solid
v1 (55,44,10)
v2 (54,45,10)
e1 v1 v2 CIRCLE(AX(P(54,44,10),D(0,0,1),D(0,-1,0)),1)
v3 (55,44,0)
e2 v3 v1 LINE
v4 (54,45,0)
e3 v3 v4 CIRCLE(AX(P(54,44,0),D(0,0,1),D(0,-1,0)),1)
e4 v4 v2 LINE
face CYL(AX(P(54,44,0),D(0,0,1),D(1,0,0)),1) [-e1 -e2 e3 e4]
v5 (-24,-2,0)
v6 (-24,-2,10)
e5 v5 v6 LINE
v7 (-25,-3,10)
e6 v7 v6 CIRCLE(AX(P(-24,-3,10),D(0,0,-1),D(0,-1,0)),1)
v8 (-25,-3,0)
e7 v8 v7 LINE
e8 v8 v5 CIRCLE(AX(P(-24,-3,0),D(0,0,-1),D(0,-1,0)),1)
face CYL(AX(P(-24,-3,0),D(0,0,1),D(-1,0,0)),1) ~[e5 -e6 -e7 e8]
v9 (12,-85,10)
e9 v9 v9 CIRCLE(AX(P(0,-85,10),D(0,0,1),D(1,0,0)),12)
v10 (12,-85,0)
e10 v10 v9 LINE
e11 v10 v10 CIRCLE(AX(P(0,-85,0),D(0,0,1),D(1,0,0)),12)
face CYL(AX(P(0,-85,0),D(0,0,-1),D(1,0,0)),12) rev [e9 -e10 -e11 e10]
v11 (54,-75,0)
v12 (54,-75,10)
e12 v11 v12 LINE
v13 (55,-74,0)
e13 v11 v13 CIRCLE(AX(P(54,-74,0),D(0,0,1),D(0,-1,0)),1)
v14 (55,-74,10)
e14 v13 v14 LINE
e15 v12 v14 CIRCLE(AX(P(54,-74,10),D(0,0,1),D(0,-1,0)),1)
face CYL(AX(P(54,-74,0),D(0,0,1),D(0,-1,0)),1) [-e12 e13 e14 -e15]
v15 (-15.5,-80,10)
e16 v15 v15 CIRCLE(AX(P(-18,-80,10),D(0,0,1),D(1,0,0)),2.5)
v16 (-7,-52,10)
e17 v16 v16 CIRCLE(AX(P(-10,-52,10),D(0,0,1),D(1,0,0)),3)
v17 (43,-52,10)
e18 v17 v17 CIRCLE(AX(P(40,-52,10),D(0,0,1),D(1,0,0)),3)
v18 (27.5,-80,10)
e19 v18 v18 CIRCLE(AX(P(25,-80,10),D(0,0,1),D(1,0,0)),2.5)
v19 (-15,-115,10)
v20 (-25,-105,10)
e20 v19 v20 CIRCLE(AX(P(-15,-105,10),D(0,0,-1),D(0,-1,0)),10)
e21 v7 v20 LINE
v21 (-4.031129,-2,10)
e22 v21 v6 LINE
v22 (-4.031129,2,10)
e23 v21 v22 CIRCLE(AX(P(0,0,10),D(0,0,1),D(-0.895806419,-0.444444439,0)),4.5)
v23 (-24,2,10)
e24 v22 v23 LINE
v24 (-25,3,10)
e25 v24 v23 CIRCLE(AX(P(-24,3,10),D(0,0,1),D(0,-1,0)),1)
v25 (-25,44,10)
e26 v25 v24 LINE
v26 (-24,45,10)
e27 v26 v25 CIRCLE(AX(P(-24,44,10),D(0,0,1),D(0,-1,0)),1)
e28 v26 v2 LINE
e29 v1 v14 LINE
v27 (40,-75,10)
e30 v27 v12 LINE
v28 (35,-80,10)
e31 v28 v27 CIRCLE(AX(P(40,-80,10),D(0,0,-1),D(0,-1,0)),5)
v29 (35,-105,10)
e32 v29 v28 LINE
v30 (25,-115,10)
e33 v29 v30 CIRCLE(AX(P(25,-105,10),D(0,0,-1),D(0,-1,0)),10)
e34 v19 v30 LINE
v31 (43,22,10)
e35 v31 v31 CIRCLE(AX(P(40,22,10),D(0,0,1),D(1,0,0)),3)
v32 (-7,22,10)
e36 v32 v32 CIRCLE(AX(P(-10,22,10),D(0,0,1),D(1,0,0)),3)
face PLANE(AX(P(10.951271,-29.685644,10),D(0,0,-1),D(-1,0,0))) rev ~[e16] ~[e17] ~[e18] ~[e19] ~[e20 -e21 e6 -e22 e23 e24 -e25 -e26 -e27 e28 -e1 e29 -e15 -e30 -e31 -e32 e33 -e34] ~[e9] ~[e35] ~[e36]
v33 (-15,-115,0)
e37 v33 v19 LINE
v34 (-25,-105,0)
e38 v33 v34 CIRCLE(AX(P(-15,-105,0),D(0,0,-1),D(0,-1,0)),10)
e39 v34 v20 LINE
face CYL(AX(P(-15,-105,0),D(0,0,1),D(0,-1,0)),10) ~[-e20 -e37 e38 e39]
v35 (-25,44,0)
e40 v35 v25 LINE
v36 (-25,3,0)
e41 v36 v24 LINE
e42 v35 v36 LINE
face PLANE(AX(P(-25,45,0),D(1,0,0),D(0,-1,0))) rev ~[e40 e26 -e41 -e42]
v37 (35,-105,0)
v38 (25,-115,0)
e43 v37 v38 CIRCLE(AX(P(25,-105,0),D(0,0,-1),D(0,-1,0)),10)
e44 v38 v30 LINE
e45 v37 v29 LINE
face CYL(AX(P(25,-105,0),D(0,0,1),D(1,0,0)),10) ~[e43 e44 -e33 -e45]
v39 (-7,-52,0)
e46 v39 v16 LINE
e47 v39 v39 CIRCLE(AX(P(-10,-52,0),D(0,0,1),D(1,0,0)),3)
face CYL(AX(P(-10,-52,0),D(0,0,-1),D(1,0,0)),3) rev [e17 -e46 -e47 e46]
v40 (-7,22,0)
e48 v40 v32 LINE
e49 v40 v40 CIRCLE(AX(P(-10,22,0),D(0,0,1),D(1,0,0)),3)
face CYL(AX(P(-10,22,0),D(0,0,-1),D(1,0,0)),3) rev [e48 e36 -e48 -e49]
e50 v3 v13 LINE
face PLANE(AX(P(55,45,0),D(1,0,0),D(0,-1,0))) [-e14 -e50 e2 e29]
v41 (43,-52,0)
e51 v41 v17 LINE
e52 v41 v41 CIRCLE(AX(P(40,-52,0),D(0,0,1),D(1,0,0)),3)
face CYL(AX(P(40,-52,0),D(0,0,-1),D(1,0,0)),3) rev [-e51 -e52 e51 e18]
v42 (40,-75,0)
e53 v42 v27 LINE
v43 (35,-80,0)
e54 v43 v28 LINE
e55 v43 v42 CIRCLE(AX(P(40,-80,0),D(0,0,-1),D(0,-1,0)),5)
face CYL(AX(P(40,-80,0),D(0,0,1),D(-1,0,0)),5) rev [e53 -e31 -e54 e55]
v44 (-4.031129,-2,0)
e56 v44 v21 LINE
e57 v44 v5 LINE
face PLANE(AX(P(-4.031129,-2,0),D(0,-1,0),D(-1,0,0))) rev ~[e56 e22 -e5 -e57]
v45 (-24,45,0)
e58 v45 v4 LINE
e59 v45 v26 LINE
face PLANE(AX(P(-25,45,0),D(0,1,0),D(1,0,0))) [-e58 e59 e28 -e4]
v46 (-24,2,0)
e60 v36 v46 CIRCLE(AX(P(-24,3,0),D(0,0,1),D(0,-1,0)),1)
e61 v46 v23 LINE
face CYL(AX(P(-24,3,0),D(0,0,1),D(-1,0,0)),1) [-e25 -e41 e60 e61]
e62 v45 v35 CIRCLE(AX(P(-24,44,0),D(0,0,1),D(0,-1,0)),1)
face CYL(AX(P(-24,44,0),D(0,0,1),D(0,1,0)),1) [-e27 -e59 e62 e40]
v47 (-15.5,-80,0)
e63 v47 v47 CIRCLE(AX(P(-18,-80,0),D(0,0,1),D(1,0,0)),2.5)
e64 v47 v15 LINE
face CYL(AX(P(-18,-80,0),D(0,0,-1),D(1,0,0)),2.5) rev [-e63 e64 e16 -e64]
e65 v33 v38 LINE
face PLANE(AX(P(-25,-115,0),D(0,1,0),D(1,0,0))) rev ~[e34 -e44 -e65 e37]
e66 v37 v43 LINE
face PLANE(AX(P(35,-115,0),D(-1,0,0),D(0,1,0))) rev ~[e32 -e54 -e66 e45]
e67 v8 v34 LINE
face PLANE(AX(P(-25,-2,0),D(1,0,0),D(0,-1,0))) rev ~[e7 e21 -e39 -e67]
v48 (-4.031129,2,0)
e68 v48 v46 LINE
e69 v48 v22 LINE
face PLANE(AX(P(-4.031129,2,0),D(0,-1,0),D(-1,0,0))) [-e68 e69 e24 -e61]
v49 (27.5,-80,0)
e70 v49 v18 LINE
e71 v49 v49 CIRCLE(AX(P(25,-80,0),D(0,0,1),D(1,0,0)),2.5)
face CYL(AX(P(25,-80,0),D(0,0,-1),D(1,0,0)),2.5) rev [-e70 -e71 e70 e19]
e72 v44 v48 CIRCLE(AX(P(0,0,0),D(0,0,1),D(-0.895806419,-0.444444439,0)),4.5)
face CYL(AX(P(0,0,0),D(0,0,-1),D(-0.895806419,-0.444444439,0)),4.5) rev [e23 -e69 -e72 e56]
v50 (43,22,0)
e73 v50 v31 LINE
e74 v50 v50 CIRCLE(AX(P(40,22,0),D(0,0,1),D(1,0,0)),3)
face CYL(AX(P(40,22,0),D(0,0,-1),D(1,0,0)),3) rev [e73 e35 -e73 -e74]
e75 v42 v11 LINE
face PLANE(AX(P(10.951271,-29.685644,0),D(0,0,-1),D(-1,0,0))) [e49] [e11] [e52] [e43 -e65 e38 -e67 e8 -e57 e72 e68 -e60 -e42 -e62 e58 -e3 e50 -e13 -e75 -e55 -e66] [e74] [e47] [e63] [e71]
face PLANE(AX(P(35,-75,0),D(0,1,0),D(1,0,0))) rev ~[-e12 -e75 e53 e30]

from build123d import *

# Parameters (mm, degrees)
SKETCH_R    = 12
SKETCH_R_2  = 3
SKETCH_R_3  = 2.5
PAD_DEPTH   = 10
FILLET_R    = 5
FILLET001_R = 1
FILLET002_R = 10


with BuildPart() as part:
    # Sketch → Pad (new body)
    with BuildSketch(Plane.XY):
        with BuildLine():
            ThreePointArc((-4.031129, -2), (4.5, 0), (-4.031129, 2))
            Line((-4.031129, 2), (-25, 2))
            Line((-25, 45), (-25, 2))
            Line((-25, 45), (55, 45))
            Line((55, 45), (55, -75))
            Line((35, -75), (55, -75))
            Line((35, -115), (35, -75))
            Line((-25, -115), (35, -115))
            Line((-25, -2), (-25, -115))
            Line((-4.031129, -2), (-25, -2))
        make_face()
        with Locations((0, -85)):
            Circle(SKETCH_R, mode=Mode.SUBTRACT)
        with Locations((-10, -52)):
            Circle(SKETCH_R_2, mode=Mode.SUBTRACT)
        with Locations((40, -52)):
            Circle(SKETCH_R_2, mode=Mode.SUBTRACT)
        with Locations((40, 22)):
            Circle(SKETCH_R_2, mode=Mode.SUBTRACT)
        with Locations((-10, 22)):
            Circle(SKETCH_R_2, mode=Mode.SUBTRACT)
        with Locations((25, -80)):
            Circle(SKETCH_R_3, mode=Mode.SUBTRACT)
        with Locations((-18, -80)):
            Circle(SKETCH_R_3, mode=Mode.SUBTRACT)
    extrude(amount=PAD_DEPTH)

    # Fillet
    fillet_edges = [part.edges().sort_by_distance(p)[0] for p in [
        (35, -75, 5),
    ]]
    fillet(fillet_edges, radius=FILLET_R)

    # Fillet001
    fillet001_edges = [part.edges().sort_by_distance(p)[0] for p in [
        (55, -75, 5),
        (55, 45, 5),
        (-25, 2, 5),
        (-25, -2, 5),
        (-25, 45, 5),
    ]]
    fillet(fillet001_edges, radius=FILLET001_R)

    # Fillet002
    fillet002_edges = [part.edges().sort_by_distance(p)[0] for p in [
        (-25, -115, 5),
        (35, -115, 5),
    ]]
    fillet(fillet002_edges, radius=FILLET002_R)


solid = part.part
